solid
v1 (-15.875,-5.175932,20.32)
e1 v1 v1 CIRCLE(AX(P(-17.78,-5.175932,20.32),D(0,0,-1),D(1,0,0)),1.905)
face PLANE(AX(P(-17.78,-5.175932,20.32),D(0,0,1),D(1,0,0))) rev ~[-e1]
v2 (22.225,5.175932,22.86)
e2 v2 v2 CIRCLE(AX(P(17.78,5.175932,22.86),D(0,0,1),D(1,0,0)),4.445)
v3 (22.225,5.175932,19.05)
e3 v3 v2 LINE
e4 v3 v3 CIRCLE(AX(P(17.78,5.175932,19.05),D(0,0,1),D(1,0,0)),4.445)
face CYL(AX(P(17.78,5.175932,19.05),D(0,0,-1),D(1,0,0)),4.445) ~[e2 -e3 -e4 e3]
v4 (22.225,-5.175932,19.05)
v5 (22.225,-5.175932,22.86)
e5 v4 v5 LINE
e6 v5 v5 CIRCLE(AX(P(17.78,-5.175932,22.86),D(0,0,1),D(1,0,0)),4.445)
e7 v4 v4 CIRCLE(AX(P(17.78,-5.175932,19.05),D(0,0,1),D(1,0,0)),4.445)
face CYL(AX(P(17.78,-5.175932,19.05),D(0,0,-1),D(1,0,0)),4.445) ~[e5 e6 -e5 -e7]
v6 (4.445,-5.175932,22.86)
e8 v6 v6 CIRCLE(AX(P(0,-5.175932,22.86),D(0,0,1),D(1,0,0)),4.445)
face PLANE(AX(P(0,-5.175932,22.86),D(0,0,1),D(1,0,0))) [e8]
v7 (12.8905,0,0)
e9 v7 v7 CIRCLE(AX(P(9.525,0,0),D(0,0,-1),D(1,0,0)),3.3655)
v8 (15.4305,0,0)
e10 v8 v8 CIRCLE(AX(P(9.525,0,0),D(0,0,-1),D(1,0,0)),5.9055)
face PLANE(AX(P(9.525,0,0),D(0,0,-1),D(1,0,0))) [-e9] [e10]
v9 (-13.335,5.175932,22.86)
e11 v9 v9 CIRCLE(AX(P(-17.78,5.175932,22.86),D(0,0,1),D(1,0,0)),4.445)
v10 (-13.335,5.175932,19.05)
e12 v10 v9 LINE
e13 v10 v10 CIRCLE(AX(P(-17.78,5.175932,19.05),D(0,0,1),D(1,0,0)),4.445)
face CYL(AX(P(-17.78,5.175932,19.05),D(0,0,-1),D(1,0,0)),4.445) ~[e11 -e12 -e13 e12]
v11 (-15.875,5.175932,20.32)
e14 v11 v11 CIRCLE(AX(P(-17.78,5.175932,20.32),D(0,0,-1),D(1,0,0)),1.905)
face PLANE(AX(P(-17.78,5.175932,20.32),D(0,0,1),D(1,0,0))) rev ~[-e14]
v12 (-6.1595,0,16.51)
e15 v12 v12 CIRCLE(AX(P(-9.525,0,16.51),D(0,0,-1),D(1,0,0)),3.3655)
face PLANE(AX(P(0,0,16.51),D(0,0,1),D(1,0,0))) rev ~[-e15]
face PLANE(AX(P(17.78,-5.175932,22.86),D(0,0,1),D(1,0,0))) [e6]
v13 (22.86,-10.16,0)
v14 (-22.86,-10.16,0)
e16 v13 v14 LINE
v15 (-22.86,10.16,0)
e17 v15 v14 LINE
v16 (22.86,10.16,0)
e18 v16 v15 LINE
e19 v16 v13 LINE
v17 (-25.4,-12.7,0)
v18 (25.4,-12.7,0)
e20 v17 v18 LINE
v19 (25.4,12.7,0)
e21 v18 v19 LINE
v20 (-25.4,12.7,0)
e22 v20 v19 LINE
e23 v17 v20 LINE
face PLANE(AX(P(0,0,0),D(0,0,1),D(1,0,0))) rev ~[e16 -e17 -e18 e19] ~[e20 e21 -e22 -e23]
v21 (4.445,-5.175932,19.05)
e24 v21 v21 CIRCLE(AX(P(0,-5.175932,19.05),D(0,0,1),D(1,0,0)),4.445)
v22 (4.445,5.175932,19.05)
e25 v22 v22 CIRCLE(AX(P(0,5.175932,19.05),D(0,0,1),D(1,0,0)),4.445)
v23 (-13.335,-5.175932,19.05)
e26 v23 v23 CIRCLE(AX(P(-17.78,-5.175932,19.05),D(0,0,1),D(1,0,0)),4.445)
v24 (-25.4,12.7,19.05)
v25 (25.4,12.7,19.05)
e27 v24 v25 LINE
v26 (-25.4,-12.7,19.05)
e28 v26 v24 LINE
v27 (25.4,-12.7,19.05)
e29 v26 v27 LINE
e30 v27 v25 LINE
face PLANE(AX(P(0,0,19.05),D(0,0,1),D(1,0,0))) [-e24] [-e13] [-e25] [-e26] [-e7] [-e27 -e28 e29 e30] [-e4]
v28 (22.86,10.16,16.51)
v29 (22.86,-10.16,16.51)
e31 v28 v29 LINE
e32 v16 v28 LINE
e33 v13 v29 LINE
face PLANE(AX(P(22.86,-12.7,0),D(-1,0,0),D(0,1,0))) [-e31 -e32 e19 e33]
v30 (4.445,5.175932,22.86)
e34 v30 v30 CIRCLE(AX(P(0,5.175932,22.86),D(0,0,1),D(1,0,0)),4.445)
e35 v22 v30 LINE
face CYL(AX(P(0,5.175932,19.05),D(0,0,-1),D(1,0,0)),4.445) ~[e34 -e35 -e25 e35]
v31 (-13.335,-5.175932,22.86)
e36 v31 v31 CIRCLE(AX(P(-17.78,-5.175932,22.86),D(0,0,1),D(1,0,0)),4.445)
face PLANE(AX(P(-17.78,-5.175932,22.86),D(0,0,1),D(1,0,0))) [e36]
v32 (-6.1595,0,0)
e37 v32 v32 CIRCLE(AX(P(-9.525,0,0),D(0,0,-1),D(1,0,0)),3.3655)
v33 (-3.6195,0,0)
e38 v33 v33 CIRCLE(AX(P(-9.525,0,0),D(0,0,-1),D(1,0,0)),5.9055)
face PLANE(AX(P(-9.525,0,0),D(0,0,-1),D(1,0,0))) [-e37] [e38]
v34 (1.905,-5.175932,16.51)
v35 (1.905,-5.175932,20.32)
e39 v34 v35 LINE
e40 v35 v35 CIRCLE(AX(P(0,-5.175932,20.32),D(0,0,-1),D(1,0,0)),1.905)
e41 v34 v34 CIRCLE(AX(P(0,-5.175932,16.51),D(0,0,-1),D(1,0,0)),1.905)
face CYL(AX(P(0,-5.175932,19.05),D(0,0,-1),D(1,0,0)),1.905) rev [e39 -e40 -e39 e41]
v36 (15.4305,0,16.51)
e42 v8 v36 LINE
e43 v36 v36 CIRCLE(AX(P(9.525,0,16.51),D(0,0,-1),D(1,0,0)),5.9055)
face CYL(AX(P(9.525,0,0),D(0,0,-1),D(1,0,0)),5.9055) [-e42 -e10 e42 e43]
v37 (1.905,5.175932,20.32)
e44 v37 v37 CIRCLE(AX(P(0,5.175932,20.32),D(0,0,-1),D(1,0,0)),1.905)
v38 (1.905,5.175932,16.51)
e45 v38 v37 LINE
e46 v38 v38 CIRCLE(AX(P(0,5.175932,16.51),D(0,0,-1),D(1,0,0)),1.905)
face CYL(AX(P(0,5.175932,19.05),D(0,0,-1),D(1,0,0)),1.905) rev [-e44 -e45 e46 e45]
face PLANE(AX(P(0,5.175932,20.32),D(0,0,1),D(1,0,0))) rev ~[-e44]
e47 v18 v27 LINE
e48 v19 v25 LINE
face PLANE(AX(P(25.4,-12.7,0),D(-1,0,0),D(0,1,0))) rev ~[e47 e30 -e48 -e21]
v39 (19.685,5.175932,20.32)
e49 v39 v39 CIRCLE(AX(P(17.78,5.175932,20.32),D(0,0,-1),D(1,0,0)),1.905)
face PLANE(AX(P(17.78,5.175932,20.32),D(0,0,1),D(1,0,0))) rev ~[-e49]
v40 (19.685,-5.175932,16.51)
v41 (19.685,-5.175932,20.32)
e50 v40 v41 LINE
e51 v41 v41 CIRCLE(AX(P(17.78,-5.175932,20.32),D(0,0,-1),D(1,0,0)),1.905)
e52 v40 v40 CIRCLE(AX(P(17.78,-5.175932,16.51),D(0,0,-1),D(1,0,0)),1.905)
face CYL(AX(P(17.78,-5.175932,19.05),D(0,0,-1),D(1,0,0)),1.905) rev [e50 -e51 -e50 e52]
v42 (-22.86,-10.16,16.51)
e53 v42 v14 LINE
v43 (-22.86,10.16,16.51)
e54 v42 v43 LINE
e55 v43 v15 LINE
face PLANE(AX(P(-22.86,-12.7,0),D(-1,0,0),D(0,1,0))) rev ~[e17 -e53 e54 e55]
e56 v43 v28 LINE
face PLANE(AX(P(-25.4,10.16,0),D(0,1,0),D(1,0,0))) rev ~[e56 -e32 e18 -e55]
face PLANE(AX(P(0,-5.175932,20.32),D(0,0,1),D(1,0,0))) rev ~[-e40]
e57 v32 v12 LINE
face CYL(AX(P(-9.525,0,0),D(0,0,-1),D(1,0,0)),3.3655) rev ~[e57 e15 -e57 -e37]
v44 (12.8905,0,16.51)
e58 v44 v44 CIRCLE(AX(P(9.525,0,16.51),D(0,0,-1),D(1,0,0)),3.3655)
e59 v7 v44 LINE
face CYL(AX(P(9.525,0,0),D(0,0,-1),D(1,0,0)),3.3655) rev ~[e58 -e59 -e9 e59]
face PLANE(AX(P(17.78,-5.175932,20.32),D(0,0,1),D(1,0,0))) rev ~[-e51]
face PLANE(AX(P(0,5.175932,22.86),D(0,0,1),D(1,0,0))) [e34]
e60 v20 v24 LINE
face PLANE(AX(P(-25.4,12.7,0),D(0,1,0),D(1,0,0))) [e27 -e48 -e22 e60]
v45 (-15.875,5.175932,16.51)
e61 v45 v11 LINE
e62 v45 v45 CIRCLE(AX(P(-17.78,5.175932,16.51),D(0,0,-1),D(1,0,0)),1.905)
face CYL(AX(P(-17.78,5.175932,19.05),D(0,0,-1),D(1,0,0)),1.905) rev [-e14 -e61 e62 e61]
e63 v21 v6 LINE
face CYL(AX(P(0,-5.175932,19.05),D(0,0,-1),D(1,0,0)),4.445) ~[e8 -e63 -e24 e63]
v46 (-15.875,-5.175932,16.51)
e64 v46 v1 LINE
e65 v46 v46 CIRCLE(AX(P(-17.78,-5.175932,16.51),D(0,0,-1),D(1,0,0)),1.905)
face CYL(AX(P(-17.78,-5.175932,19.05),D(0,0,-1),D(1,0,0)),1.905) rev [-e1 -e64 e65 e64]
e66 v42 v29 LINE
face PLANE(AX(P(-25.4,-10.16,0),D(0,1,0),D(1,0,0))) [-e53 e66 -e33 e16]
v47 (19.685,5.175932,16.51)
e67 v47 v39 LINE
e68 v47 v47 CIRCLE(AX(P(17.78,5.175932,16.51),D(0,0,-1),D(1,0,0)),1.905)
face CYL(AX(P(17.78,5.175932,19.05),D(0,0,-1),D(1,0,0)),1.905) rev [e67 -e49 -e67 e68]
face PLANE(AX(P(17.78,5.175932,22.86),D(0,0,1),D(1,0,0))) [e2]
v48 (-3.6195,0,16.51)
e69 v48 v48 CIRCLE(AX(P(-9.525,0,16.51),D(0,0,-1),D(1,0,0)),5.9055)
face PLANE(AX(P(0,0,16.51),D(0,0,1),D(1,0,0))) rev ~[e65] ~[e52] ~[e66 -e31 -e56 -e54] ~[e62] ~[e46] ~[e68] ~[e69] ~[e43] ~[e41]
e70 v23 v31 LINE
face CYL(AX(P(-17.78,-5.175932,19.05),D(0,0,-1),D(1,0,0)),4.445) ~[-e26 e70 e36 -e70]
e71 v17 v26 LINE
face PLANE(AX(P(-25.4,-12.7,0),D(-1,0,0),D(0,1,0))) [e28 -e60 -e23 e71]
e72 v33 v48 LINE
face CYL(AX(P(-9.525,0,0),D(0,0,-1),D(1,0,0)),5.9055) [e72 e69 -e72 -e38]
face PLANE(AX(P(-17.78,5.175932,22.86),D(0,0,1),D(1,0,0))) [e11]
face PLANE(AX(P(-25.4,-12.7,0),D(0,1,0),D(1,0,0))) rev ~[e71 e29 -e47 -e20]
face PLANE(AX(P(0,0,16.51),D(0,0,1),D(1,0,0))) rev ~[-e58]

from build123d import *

# Parameters (mm, degrees)
F0_W     = 50.8
F0_H     = 25.4
F1_DEPTH = 19.05
F2_R     = 4.445
F3_DEPTH = 3.81
F4_T     = -2.54
F5_R     = 5.9055
F5_R_2   = 3.3655
F6_DEPTH = 16.51


with BuildPart() as f1:
    # F0 (on Top) → F1 (new body)
    with BuildSketch(Plane.XY):
        Rectangle(F0_W, F0_H)
    extrude(amount=F1_DEPTH)

    # F2 (on face) → F3 (join)
    with BuildSketch(Plane.XY.offset(19.05)):
        with Locations((-17.78, 5.1759317036)):
            Circle(F2_R)
        with Locations((0, 5.1759317036)):
            Circle(F2_R)
        with Locations((17.78, 5.1759317036)):
            Circle(F2_R)
        with Locations((17.78, -5.1759317036)):
            Circle(F2_R)
        with Locations((0, -5.1759317036)):
            Circle(F2_R)
        with Locations((-17.78, -5.1759317036)):
            Circle(F2_R)
    extrude(amount=F3_DEPTH)

    # F4
    f4_openings = [f1.faces().sort_by_distance(p)[0] for p in [
        (0, 0, 0),
    ]]
    offset(amount=F4_T, openings=f4_openings, kind=Kind.INTERSECTION)

    # F5 (on face) → F6 (join, through all)
    with BuildSketch(Plane(origin=(0, 0, 0), x_dir=(1, 0, 0), z_dir=(0, 0, -1))):
        with Locations((-9.525, 0)):
            Circle(F5_R)
        with Locations((-9.525, 0)):
            Circle(F5_R_2, mode=Mode.SUBTRACT)
        with Locations((9.525, 0)):
            Circle(F5_R)
        with Locations((9.525, 0)):
            Circle(F5_R_2, mode=Mode.SUBTRACT)
    extrude(amount=-F6_DEPTH)


solid = f1.part
